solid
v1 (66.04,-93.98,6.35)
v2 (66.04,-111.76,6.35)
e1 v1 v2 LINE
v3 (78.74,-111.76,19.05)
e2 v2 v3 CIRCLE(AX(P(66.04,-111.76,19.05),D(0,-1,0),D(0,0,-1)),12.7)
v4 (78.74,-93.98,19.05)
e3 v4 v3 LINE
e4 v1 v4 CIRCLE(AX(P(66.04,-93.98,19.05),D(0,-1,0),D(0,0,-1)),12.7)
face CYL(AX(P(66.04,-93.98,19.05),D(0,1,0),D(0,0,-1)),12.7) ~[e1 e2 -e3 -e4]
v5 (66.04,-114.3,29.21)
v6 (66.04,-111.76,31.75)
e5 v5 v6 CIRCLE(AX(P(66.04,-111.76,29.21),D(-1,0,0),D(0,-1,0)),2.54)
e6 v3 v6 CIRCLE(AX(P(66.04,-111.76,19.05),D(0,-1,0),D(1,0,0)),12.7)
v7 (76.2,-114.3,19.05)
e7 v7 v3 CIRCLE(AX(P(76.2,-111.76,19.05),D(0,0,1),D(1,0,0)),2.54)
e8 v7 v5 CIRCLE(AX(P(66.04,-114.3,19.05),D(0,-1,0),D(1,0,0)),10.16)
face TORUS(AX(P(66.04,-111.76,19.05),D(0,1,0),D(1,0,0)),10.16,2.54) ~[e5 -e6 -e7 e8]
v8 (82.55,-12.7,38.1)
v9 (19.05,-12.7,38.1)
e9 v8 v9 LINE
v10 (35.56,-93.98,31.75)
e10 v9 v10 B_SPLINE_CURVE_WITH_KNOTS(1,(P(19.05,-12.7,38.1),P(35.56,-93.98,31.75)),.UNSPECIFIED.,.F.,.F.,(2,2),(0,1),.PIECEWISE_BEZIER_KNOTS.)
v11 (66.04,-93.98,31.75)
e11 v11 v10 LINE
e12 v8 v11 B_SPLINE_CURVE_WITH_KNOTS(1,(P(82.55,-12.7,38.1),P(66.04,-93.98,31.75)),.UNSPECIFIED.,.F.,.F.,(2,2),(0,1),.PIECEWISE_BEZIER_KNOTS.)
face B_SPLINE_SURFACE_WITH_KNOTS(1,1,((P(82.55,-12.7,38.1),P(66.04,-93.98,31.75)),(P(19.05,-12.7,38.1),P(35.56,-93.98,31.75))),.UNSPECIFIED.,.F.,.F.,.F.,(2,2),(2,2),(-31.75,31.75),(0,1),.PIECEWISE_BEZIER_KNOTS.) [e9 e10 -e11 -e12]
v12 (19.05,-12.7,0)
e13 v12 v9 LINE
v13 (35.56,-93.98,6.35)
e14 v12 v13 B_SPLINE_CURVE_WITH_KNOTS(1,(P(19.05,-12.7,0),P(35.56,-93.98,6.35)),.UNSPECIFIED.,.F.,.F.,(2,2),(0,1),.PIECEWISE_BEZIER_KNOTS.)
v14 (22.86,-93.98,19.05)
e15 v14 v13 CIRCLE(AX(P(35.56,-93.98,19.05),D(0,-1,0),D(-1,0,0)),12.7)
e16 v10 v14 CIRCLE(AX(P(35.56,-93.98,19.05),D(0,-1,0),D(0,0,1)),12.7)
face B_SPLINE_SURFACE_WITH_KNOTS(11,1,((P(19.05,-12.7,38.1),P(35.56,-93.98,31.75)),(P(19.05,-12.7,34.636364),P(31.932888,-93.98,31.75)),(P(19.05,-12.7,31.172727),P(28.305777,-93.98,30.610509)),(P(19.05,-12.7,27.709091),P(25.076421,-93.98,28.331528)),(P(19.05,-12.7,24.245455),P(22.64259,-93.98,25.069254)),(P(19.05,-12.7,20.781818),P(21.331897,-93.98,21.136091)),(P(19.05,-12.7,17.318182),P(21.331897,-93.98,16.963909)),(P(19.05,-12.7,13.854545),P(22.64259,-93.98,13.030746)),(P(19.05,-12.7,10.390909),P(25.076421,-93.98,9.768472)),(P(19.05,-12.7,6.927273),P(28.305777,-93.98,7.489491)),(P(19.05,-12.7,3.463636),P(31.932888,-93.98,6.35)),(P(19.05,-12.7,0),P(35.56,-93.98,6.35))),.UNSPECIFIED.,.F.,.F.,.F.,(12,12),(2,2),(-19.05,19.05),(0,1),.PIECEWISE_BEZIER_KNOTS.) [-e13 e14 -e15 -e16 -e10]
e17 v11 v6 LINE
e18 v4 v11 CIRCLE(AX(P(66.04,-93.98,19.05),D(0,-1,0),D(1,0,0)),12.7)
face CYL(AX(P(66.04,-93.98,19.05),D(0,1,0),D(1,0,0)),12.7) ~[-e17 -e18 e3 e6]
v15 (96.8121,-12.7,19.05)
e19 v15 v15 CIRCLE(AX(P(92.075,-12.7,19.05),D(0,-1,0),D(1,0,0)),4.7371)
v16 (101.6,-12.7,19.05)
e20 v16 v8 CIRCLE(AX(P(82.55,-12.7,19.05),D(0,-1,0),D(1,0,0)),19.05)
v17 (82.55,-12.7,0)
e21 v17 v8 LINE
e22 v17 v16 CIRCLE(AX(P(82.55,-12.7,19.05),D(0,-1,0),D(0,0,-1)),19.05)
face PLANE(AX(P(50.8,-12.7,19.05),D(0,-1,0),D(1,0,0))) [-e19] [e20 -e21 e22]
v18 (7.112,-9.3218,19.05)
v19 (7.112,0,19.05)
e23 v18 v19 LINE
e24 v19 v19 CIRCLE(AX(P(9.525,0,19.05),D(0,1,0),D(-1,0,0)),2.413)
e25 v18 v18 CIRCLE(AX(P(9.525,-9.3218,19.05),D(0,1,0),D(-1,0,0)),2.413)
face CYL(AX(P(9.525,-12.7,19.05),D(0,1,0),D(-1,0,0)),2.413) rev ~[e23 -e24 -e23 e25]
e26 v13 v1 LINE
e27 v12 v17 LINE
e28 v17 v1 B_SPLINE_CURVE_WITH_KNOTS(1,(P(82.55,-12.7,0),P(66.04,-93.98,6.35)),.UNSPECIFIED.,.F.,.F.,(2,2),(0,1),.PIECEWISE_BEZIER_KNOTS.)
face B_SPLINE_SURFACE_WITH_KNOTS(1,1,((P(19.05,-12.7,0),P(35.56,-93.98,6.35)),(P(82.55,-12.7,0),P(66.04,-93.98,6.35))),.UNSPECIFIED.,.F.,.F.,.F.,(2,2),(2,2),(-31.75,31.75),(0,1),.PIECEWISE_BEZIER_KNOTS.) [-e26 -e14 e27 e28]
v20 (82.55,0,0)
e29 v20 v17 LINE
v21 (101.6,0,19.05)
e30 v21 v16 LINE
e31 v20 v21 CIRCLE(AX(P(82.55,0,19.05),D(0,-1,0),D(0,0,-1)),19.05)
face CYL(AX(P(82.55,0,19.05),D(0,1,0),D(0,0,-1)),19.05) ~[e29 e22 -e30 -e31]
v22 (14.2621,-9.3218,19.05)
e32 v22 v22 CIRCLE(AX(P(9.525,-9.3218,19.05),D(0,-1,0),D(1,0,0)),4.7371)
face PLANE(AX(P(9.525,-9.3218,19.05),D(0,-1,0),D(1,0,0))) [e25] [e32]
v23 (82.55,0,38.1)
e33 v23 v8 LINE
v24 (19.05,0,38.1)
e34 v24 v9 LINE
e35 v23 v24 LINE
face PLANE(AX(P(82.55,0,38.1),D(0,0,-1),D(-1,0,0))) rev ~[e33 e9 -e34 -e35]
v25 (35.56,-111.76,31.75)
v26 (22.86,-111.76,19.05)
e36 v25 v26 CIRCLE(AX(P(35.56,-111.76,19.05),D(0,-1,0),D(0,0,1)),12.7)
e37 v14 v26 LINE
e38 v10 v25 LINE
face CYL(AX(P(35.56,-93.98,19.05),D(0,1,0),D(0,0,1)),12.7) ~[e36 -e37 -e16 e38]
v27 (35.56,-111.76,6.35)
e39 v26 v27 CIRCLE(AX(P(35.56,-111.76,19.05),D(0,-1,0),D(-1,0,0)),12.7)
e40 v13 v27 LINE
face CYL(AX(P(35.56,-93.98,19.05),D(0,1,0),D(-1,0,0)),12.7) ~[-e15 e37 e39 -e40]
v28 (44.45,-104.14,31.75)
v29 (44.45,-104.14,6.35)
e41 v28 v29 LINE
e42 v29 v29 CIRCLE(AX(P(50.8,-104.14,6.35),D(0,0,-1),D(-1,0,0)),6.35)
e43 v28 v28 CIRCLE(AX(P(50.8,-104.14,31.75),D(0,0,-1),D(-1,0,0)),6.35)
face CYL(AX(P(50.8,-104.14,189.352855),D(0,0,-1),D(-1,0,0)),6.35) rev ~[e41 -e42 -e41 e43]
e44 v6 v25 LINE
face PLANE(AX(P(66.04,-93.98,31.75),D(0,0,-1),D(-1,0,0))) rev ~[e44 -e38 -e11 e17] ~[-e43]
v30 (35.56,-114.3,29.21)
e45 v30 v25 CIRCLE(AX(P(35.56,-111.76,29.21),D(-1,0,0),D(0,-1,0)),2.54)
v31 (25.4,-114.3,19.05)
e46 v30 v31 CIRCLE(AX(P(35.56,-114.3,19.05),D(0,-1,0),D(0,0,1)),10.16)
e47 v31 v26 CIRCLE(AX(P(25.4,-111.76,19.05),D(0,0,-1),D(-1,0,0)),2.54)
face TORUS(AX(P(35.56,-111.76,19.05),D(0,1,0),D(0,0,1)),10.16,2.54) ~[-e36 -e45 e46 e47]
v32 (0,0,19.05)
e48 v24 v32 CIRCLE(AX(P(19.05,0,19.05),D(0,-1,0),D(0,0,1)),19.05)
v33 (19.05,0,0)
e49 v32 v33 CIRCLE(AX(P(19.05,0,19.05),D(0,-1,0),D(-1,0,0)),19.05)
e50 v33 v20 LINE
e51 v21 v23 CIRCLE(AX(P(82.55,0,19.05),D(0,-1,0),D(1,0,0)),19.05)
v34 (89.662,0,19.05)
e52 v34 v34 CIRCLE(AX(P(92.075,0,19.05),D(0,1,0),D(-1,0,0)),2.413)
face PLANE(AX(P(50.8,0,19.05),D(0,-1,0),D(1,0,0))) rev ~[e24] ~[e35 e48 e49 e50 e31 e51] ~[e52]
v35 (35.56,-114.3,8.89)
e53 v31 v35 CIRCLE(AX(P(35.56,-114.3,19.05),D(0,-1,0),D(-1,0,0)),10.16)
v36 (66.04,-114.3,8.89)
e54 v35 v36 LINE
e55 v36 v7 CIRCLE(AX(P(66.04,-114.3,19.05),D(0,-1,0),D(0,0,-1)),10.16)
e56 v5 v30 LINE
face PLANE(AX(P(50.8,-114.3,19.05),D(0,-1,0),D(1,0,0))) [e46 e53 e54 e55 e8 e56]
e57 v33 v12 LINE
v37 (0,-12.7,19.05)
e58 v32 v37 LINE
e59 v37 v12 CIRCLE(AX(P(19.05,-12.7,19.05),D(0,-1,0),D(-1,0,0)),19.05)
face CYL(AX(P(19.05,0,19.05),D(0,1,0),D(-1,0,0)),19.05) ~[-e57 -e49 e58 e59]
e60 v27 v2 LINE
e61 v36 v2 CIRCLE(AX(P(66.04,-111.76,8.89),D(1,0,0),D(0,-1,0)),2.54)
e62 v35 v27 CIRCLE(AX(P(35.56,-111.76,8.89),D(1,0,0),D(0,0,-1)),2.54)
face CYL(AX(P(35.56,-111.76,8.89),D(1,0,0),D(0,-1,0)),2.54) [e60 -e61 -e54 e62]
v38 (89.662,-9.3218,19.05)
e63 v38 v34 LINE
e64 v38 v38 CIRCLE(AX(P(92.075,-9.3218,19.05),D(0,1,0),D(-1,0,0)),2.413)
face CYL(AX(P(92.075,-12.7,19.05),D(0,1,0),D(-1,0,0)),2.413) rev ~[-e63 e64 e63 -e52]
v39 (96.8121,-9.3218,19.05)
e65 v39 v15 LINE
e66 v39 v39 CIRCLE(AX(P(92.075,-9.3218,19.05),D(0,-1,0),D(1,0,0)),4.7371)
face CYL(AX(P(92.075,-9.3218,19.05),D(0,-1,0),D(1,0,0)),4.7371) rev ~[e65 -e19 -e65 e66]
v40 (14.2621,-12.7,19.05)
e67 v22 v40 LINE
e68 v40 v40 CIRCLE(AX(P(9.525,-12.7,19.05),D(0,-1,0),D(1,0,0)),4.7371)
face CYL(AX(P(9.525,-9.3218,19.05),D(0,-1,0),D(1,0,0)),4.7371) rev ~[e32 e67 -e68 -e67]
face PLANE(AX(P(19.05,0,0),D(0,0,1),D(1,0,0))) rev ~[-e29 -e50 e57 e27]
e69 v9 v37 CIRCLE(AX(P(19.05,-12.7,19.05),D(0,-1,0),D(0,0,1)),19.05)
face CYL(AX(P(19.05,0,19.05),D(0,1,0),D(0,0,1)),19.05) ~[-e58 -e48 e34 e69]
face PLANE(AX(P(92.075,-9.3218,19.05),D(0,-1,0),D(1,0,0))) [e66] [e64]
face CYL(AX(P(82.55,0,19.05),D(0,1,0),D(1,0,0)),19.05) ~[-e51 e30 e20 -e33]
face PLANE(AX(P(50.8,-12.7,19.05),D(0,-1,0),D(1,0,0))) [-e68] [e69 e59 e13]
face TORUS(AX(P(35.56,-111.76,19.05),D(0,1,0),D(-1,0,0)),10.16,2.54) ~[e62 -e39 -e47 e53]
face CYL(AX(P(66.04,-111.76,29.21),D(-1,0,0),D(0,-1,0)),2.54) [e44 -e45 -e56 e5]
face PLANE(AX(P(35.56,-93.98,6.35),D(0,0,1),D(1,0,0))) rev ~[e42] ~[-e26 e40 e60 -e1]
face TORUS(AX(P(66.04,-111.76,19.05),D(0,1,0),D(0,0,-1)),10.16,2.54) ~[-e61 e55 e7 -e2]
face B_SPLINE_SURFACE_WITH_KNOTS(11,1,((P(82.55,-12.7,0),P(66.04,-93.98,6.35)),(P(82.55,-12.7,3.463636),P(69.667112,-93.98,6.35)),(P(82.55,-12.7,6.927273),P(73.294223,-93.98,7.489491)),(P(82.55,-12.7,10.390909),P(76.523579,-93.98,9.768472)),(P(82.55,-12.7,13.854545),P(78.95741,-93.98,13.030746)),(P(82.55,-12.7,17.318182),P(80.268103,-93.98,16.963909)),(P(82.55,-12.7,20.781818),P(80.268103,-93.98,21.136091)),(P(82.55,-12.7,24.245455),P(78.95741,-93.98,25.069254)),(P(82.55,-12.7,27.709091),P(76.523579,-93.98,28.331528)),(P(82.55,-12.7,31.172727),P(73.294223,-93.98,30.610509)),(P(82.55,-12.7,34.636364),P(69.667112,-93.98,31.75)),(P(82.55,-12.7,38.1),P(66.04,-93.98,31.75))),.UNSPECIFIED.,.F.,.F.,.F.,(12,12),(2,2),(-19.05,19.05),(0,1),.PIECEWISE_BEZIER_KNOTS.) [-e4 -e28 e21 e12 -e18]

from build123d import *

# Parameters (mm, degrees)
F1_DEPTH        = 12.7
F5_DEPTH        = 20.32
F4_W            = 63.5
F4_H            = 38.1
F9_D            = 12.7
F11_D           = 4.826
F11_CBORE_D     = 9.4742
F11_CBORE_DEPTH = 3.3782
F12_R           = 2.54


with BuildPart() as f1:
    # F0 (on Front) → F1 (new body)
    with BuildSketch(Plane.XZ):
        with BuildLine():
            ThreePointArc((0, 19.05), (5.5796158184, 5.5796158184), (19.05, 0))
            Line((19.05, 0), (82.55, 0))
            ThreePointArc((82.55, 0), (96.0203841816, 5.5796158184), (101.6, 19.05))
            ThreePointArc((101.6, 19.05), (96.0203841816, 32.5203841816), (82.55, 38.1))
            Line((82.55, 38.1), (19.05, 38.1))
            ThreePointArc((19.05, 38.1), (5.5796158184, 32.5203841816), (0, 19.05))
        make_face()
    extrude(amount=F1_DEPTH)


with BuildPart() as f5:
    # F3 (on offset) → F5 (new body)
    with BuildSketch(Plane.XZ.offset(93.98)):
        with BuildLine():
            ThreePointArc((22.86, 19.05), (26.5797438789, 10.0697438789), (35.56, 6.35))
            Line((35.56, 6.35), (66.04, 6.35))
            ThreePointArc((66.04, 6.35), (75.0202561211, 10.0697438789), (78.74, 19.05))
            ThreePointArc((78.74, 19.05), (75.0202561211, 28.0302561211), (66.04, 31.75))
            Line((66.04, 31.75), (35.56, 31.75))
            ThreePointArc((35.56, 31.75), (26.5797438789, 28.0302561211), (22.86, 19.05))
        make_face()
    extrude(amount=F5_DEPTH)


with BuildPart() as f6:
    # F4 (on face) → F6 section 0
    with BuildSketch(Plane.XZ.offset(12.7)):
        with Locations((50.8, 19.05)):
            Rectangle(F4_W, F4_H)
    # F5_face (on face) → F6 section 1
    with BuildSketch(Plane(origin=(50.8, -93.98, 19.05), x_dir=(1, 0, 0), z_dir=(0, 1, 0))):
        with BuildLine():
            ThreePointArc((-15.24, 12.7), (-27.94, 0), (-15.24, -12.7))
            Line((-15.24, -12.7), (15.24, -12.7))
            ThreePointArc((15.24, -12.7), (27.94, 0), (15.24, 12.7))
            Line((15.24, 12.7), (-15.24, 12.7))
        make_face()
    loft()


with BuildPart() as f1_1:
    add(f1.part)

    # F7: union F5, F6
    add(f5.part)
    add(f6.part)

    # F9 (through all)
    with Locations(Plane.XY.offset(31.75)):
        with Locations((50.8, -104.14)):
            Hole(F9_D / 2)

    # F11 (through all)
    with Locations(Plane.XZ.offset(12.7)):
        with Locations((9.525, 19.05), (92.075, 19.05)):
            CounterBoreHole(F11_D / 2, F11_CBORE_D / 2, F11_CBORE_DEPTH)

    # F12
    f12_edges = [f1_1.edges().sort_by_distance(p)[0] for p in [
        (50.8, -114.3, 31.75),
    ]]
    fillet(f12_edges, radius=F12_R)


solid = f1_1.part
